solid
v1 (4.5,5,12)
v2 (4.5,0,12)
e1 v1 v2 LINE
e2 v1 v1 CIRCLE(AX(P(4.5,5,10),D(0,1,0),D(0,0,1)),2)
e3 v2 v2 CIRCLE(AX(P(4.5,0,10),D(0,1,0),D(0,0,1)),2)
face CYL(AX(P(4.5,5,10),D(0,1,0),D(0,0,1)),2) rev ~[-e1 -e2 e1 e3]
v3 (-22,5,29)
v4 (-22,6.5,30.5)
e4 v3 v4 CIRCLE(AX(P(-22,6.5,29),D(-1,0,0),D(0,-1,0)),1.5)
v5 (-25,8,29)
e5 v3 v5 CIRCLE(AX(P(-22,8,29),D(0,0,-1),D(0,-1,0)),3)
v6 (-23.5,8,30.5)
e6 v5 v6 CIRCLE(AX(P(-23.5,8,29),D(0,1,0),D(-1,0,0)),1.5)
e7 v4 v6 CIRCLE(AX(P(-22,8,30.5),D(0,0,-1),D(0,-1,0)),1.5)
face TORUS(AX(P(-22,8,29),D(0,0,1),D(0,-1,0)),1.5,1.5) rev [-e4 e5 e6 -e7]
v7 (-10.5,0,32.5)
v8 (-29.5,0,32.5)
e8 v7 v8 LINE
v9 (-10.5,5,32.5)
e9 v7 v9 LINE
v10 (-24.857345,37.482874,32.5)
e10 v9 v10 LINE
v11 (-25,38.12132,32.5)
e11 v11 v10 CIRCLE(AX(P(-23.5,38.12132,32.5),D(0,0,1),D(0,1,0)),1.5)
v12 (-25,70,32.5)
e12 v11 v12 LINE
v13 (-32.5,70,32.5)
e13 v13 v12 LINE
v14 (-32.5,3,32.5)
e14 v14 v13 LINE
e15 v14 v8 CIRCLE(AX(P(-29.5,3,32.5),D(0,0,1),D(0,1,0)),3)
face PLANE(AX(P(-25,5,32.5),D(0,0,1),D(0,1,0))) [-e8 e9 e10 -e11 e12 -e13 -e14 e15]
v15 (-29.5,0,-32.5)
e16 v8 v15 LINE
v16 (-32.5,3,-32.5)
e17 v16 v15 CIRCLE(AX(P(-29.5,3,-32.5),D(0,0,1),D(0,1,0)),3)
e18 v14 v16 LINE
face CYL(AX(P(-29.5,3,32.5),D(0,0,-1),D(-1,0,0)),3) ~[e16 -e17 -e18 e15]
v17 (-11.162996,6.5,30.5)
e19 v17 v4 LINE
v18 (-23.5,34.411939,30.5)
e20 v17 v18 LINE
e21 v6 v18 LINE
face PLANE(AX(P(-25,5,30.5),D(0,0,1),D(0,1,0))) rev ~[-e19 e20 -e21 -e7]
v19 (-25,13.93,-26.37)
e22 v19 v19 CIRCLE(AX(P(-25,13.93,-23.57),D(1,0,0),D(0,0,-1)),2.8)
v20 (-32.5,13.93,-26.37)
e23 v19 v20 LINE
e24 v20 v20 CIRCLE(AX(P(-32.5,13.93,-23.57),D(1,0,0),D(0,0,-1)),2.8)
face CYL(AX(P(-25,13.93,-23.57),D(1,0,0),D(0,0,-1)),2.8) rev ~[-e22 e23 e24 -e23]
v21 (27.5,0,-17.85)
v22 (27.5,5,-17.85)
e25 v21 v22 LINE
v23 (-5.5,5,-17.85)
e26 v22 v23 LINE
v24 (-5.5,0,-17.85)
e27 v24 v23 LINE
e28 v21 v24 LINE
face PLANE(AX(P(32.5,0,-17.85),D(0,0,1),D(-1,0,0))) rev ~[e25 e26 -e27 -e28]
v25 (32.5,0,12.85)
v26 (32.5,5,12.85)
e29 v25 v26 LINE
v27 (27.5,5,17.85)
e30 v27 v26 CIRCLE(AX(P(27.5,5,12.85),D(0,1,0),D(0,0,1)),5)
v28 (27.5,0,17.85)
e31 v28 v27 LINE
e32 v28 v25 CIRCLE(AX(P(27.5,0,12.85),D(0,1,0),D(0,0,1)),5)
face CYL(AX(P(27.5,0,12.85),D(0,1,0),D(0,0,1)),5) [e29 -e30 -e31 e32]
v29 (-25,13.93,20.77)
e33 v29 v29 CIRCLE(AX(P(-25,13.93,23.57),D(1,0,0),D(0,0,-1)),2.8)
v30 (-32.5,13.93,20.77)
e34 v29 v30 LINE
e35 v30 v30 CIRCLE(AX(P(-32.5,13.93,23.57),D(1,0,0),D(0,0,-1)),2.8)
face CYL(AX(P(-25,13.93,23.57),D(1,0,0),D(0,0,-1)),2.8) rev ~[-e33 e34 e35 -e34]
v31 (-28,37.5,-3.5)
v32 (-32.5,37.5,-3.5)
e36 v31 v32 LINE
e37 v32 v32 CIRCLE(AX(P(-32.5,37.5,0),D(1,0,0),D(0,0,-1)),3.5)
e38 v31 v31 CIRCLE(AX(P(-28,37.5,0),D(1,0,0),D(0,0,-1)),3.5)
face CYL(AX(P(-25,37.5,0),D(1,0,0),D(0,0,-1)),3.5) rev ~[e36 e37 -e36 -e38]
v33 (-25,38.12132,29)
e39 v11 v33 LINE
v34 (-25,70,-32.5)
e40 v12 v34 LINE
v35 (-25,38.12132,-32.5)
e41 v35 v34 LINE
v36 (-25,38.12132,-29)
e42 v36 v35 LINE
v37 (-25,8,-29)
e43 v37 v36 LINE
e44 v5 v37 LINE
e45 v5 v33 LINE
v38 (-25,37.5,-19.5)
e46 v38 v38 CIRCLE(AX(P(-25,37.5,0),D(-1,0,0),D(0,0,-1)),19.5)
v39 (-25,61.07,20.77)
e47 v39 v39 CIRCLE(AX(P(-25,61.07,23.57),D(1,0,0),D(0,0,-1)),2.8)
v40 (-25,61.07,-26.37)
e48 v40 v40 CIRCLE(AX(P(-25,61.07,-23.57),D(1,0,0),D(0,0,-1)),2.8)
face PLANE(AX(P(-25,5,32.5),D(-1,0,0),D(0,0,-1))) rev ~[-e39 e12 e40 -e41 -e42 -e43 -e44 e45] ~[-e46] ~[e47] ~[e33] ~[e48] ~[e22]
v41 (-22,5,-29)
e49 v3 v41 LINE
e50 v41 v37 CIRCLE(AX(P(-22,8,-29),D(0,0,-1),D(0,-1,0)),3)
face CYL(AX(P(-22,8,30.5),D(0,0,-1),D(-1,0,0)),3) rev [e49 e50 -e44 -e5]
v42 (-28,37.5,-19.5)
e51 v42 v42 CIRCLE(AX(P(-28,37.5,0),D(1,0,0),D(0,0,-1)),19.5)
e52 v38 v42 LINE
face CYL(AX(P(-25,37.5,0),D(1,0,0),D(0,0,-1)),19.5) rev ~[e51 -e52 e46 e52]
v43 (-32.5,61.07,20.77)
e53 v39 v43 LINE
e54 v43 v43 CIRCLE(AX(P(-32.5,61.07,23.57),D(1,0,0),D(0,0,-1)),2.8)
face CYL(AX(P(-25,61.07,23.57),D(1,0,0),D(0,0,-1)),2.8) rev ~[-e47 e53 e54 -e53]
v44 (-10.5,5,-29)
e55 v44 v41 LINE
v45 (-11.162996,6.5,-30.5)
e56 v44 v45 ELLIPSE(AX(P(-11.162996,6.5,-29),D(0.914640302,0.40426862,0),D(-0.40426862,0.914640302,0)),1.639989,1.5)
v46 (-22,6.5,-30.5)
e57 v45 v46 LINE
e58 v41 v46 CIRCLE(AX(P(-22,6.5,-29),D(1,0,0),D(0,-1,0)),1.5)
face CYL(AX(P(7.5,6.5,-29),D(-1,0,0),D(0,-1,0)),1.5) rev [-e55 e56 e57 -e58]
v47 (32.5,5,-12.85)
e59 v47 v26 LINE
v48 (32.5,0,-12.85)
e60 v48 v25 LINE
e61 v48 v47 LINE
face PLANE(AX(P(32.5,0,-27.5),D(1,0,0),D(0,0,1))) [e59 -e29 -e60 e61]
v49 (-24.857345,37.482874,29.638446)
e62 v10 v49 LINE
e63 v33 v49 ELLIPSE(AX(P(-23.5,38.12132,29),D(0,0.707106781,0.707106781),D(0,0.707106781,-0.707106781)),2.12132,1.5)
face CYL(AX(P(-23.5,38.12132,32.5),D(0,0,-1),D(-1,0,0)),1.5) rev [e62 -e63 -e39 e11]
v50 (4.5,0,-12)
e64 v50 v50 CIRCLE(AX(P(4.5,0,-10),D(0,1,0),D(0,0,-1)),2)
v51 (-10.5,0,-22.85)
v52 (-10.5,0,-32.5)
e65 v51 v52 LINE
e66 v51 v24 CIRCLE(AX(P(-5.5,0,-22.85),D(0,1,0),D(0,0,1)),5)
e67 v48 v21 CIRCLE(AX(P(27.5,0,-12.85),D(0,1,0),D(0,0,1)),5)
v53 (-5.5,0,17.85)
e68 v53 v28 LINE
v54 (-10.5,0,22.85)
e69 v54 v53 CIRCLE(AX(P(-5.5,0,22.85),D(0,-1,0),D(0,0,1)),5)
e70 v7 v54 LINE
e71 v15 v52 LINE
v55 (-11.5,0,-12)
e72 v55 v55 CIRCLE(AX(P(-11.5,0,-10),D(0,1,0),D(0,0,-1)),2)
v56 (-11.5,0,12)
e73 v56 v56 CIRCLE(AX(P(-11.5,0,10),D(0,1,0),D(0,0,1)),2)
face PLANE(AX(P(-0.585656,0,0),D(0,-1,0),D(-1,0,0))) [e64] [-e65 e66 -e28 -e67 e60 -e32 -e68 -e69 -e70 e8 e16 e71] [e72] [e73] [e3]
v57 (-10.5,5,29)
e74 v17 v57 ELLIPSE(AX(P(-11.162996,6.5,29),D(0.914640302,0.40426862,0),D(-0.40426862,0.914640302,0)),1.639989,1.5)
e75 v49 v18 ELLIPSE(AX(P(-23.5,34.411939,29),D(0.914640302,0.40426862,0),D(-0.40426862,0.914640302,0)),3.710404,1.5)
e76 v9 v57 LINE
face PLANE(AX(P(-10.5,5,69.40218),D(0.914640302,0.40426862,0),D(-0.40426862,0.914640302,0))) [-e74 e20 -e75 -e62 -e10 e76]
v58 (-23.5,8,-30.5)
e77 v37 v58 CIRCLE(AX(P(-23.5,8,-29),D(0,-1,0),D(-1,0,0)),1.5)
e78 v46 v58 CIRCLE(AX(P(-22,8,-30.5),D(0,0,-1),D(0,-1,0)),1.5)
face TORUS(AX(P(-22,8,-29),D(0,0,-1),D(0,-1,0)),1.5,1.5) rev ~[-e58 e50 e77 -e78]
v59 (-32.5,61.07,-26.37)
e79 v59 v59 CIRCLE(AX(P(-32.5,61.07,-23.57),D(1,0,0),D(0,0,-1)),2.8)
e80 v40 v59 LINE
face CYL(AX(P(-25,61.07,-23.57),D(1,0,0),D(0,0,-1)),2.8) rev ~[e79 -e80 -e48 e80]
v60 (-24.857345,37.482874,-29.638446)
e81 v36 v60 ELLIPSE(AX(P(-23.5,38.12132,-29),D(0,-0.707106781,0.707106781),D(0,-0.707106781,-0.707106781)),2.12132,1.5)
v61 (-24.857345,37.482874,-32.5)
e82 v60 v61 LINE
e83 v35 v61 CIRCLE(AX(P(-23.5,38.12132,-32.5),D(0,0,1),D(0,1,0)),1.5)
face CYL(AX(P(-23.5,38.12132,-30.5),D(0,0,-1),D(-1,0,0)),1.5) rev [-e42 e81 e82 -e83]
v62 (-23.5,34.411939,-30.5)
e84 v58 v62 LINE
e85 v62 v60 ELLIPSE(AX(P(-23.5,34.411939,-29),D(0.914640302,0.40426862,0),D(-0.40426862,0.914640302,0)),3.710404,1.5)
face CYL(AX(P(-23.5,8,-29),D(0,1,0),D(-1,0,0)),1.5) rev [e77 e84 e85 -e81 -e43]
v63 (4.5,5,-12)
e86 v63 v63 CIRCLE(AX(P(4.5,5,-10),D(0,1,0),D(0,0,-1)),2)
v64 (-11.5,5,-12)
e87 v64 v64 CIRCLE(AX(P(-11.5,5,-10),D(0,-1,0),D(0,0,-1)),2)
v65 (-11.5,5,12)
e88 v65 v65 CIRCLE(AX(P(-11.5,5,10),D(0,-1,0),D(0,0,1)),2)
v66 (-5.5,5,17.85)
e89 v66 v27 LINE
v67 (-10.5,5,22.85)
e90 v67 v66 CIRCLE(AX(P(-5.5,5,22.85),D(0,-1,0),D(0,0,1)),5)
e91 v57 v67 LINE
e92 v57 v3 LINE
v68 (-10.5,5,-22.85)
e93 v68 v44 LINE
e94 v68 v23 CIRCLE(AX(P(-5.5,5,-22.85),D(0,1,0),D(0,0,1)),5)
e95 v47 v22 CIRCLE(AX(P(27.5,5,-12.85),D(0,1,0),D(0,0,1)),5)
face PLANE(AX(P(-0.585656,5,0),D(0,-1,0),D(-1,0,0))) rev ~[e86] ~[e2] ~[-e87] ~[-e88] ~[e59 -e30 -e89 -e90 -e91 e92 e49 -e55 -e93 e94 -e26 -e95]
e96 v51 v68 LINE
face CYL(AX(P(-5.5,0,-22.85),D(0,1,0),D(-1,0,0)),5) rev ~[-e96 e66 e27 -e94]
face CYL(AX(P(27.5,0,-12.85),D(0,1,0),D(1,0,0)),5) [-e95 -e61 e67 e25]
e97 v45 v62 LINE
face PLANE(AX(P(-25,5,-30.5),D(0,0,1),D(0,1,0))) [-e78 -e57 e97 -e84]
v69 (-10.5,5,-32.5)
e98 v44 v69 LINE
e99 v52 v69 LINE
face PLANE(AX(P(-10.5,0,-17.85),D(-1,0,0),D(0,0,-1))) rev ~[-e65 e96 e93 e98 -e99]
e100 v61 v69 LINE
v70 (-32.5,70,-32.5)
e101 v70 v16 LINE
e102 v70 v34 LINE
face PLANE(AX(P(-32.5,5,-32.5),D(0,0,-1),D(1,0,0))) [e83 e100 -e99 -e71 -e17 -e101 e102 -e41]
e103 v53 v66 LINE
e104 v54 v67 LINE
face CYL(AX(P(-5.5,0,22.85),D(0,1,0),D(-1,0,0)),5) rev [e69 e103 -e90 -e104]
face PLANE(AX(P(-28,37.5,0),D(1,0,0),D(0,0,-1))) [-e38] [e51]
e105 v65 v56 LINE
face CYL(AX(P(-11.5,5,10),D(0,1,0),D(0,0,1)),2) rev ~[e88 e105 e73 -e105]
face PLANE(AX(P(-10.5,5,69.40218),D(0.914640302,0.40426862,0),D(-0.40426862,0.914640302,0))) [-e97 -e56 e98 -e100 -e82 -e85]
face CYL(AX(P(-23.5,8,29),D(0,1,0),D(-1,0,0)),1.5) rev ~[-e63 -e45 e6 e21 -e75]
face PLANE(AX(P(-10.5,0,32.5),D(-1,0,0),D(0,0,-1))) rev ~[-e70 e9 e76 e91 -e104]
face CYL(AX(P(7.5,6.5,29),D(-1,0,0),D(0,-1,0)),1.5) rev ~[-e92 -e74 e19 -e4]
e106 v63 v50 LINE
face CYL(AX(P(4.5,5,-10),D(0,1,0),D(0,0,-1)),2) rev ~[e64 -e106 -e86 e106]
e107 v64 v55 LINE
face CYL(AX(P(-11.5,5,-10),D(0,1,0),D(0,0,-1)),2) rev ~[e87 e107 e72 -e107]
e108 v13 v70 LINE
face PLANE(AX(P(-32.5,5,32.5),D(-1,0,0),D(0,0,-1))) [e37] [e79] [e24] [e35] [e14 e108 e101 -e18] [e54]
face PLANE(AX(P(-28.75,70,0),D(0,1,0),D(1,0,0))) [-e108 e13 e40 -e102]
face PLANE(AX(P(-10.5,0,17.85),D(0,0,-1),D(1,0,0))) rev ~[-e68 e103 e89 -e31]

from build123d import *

# Parameters (mm, degrees)
BOSS_EXTRUDE1_DEPTH     = 5
SKETCH2_W               = 7.5
SKETCH2_H               = 65
BOSS_EXTRUDE2_DEPTH     = 65
FILLET2_R               = 3
SKETCH4_R               = 2.8
SKETCH4_R_2             = 3.5
CUT_EXTRUDE2_DEPTH      = 97.241882775
SKETCH6_R               = 2
CUT_EXTRUDE3_DEPTH      = 80.60841664
SKETCH7_R               = 19.5
CUT_EXTRUDE4_DEPTH      = 3
SKETCH8_W               = 2
SKETCH8_H               = 32.5
BOSS_EXTRUDE3_DEPTH     = 32.5
CUT_EXTRUDE5_DEPTH      = 101.902180353
FILLET3_R               = 3
FILLET4_R               = 1.5
CUT_EXTRUDE6_DEPTH      = 5
FILLET5_R               = 5
CUT_EXTRUDE7_DEPTH      = 101.902180353
CUT_EXTRUDE7_DEPTH_BACK = 101.902180353


with BuildPart() as part:
    # Sketch1 → Boss-Extrude1 (new body)
    with BuildSketch(Plane(origin=(0, 0, 0), x_dir=(1, 0, 0), z_dir=(0, 1, 0))):
        with BuildLine():
            Line((-32.5, 32.5), (27.5, 32.5))
            ThreePointArc((27.5, 32.5), (31.035533906, 31.035533906), (32.5, 27.5))
            Line((32.5, 27.5), (32.5, -27.5))
            ThreePointArc((32.5, -27.5), (31.035533906, -31.035533906), (27.5, -32.5))
            Line((27.5, -32.5), (-32.5, -32.5))
            Line((-32.5, -32.5), (-32.5, 32.5))
        make_face()
    extrude(amount=BOSS_EXTRUDE1_DEPTH)

    # Sketch2 → Boss-Extrude2 (add)
    with BuildSketch(Plane(origin=(0, 5, 0), x_dir=(1, 0, 0), z_dir=(0, 1, 0))):
        with Locations((-28.75, 0)):
            Rectangle(SKETCH2_W, SKETCH2_H)
    extrude(amount=BOSS_EXTRUDE2_DEPTH)

    # Fillet2
    fillet2_edges = [part.edges().sort_by_distance(p)[0] for p in [
        (-32.5, 0, 0),
    ]]
    fillet(fillet2_edges, radius=FILLET2_R)

    # Sketch4 → Cut-Extrude2 (cut, through all)
    with BuildSketch(Plane(origin=(-25, 0, 0), x_dir=(0, 0, -1), z_dir=(1, 0, 0))):
        with Locations((23.57, 61.07)):
            Circle(SKETCH4_R)
        with Locations((-23.57, 61.07)):
            Circle(SKETCH4_R)
        with Locations((-23.57, 13.93)):
            Circle(SKETCH4_R)
        with Locations((23.57, 13.93)):
            Circle(SKETCH4_R)
        with Locations((0, 37.5)):
            Circle(SKETCH4_R_2)
    extrude(amount=-CUT_EXTRUDE2_DEPTH, mode=Mode.SUBTRACT)

    # Sketch6 → Cut-Extrude3 (cut, through all)
    with BuildSketch(Plane(origin=(0, 5, 0), x_dir=(1, 0, 0), z_dir=(0, 1, 0))):
        with Locations(Location((4.5, -10, 0), (0, 0, 270))):
            Circle(SKETCH6_R)
        with Locations(Location((-11.5, -10, 0), (0, 0, 270))):
            Circle(SKETCH6_R)
        with Locations(Location((4.5, 10, 0), (0, 0, 90))):
            Circle(SKETCH6_R)
        with Locations(Location((-11.5, 10, 0), (0, 0, 90))):
            Circle(SKETCH6_R)
    extrude(amount=-CUT_EXTRUDE3_DEPTH, mode=Mode.SUBTRACT)

    # Sketch7 → Cut-Extrude4 (cut)
    with BuildSketch(Plane(origin=(-25, 0, 0), x_dir=(0, 0, -1), z_dir=(1, 0, 0))):
        with Locations((0, 37.5)):
            Circle(SKETCH7_R)
    extrude(amount=-CUT_EXTRUDE4_DEPTH, mode=Mode.SUBTRACT)

    # Sketch8 → Boss-Extrude3 (add)
    with BuildSketch(Plane(origin=(-25, 0, 0), x_dir=(0, 0, -1), z_dir=(1, 0, 0))):
        with Locations((-31.5, 21.25)):
            Rectangle(SKETCH8_W, SKETCH8_H)
        with Locations((31.5, 21.25)):
            Rectangle(SKETCH8_W, SKETCH8_H)
    extrude(amount=BOSS_EXTRUDE3_DEPTH)

    # Sketch9 → Cut-Extrude5 (cut, through all)
    with BuildSketch(Plane.XY.offset(32.5)):
        Polygon((-25, 37.5), (7.5, 5), (7.5, 37.5), align=None)
    extrude(amount=-CUT_EXTRUDE5_DEPTH, mode=Mode.SUBTRACT)

    # Fillet3
    fillet3_edges = [part.edges().sort_by_distance(p)[0] for p in [
        (-25, 5, 0),
    ]]
    fillet(fillet3_edges, radius=FILLET3_R)

    # Fillet4
    fillet4_edges = [part.edges().sort_by_distance(p)[0] for p in [
        (-25, 37.5, -31.5),
        (-25, 22.75, -30.5),
        (-7.25, 5, -30.5),
        (7.5, 5, -31.5),
        (-25, 22.75, 30.5),
        (-24.121320344, 5.878679656, 30.5),
        (-24.121320344, 5.878679656, -30.5),
        (-7.25, 5, 30.5),
        (-25, 37.5, 31.5),
        (7.5, 5, 31.5),
    ]]
    fillet(fillet4_edges, radius=FILLET4_R)

    # Sketch10 → Cut-Extrude6 (cut)
    with BuildSketch(Plane.XZ):
        with BuildLine():
            Line((32.5, -17.85), (-10.5, -17.85))
            Line((-10.5, -17.85), (-10.5, -32.5))
            Line((-10.5, -32.5), (27.5, -32.5))
            ThreePointArc((27.5, -32.5), (31.035533906, -31.035533906), (32.5, -27.5))
            Line((32.5, -27.5), (32.5, -17.85))
        make_face()
        with BuildLine():
            Line((-10.5, 17.85), (32.5, 17.85))
            Line((32.5, 17.85), (32.5, 27.5))
            ThreePointArc((32.5, 27.5), (31.035533906, 31.035533906), (27.5, 32.5))
            Line((27.5, 32.5), (-10.5, 32.5))
            Line((-10.5, 32.5), (-10.5, 17.85))
        make_face()
    extrude(amount=-CUT_EXTRUDE6_DEPTH, mode=Mode.SUBTRACT)

    # Fillet5
    fillet5_edges = [part.edges().sort_by_distance(p)[0] for p in [
        (-10.5, 2.5, -17.85),
        (32.5, 2.5, -17.85),
        (-10.5, 2.5, 17.85),
        (32.5, 2.5, 17.85),
    ]]
    fillet(fillet5_edges, radius=FILLET5_R)

    # Sketch12 → Cut-Extrude7 (cut, two sides: drawn at the far end of the back side and taken through both)
    with BuildSketch(Plane(origin=(0, 0, -32.5), x_dir=(-1, 0, 0), z_dir=(0, 0, -1)).offset(-CUT_EXTRUDE7_DEPTH_BACK)):
        with BuildLine():
            Line((-8.121320344, 5), (10.5, 5))
            Line((10.5, 5), (24.857345269, 37.482873932))
            ThreePointArc((24.857345269, 37.482873932), (24.727295275, 37.258913069), (24.560660172, 37.060660172))
            Line((24.560660172, 37.060660172), (-7.060660172, 5.439339828))
            ThreePointArc((-7.060660172, 5.439339828), (-7.547295195, 5.114180701), (-8.121320344, 5))
        make_face()
    extrude(amount=CUT_EXTRUDE7_DEPTH + CUT_EXTRUDE7_DEPTH_BACK, mode=Mode.SUBTRACT)


solid = part.part
